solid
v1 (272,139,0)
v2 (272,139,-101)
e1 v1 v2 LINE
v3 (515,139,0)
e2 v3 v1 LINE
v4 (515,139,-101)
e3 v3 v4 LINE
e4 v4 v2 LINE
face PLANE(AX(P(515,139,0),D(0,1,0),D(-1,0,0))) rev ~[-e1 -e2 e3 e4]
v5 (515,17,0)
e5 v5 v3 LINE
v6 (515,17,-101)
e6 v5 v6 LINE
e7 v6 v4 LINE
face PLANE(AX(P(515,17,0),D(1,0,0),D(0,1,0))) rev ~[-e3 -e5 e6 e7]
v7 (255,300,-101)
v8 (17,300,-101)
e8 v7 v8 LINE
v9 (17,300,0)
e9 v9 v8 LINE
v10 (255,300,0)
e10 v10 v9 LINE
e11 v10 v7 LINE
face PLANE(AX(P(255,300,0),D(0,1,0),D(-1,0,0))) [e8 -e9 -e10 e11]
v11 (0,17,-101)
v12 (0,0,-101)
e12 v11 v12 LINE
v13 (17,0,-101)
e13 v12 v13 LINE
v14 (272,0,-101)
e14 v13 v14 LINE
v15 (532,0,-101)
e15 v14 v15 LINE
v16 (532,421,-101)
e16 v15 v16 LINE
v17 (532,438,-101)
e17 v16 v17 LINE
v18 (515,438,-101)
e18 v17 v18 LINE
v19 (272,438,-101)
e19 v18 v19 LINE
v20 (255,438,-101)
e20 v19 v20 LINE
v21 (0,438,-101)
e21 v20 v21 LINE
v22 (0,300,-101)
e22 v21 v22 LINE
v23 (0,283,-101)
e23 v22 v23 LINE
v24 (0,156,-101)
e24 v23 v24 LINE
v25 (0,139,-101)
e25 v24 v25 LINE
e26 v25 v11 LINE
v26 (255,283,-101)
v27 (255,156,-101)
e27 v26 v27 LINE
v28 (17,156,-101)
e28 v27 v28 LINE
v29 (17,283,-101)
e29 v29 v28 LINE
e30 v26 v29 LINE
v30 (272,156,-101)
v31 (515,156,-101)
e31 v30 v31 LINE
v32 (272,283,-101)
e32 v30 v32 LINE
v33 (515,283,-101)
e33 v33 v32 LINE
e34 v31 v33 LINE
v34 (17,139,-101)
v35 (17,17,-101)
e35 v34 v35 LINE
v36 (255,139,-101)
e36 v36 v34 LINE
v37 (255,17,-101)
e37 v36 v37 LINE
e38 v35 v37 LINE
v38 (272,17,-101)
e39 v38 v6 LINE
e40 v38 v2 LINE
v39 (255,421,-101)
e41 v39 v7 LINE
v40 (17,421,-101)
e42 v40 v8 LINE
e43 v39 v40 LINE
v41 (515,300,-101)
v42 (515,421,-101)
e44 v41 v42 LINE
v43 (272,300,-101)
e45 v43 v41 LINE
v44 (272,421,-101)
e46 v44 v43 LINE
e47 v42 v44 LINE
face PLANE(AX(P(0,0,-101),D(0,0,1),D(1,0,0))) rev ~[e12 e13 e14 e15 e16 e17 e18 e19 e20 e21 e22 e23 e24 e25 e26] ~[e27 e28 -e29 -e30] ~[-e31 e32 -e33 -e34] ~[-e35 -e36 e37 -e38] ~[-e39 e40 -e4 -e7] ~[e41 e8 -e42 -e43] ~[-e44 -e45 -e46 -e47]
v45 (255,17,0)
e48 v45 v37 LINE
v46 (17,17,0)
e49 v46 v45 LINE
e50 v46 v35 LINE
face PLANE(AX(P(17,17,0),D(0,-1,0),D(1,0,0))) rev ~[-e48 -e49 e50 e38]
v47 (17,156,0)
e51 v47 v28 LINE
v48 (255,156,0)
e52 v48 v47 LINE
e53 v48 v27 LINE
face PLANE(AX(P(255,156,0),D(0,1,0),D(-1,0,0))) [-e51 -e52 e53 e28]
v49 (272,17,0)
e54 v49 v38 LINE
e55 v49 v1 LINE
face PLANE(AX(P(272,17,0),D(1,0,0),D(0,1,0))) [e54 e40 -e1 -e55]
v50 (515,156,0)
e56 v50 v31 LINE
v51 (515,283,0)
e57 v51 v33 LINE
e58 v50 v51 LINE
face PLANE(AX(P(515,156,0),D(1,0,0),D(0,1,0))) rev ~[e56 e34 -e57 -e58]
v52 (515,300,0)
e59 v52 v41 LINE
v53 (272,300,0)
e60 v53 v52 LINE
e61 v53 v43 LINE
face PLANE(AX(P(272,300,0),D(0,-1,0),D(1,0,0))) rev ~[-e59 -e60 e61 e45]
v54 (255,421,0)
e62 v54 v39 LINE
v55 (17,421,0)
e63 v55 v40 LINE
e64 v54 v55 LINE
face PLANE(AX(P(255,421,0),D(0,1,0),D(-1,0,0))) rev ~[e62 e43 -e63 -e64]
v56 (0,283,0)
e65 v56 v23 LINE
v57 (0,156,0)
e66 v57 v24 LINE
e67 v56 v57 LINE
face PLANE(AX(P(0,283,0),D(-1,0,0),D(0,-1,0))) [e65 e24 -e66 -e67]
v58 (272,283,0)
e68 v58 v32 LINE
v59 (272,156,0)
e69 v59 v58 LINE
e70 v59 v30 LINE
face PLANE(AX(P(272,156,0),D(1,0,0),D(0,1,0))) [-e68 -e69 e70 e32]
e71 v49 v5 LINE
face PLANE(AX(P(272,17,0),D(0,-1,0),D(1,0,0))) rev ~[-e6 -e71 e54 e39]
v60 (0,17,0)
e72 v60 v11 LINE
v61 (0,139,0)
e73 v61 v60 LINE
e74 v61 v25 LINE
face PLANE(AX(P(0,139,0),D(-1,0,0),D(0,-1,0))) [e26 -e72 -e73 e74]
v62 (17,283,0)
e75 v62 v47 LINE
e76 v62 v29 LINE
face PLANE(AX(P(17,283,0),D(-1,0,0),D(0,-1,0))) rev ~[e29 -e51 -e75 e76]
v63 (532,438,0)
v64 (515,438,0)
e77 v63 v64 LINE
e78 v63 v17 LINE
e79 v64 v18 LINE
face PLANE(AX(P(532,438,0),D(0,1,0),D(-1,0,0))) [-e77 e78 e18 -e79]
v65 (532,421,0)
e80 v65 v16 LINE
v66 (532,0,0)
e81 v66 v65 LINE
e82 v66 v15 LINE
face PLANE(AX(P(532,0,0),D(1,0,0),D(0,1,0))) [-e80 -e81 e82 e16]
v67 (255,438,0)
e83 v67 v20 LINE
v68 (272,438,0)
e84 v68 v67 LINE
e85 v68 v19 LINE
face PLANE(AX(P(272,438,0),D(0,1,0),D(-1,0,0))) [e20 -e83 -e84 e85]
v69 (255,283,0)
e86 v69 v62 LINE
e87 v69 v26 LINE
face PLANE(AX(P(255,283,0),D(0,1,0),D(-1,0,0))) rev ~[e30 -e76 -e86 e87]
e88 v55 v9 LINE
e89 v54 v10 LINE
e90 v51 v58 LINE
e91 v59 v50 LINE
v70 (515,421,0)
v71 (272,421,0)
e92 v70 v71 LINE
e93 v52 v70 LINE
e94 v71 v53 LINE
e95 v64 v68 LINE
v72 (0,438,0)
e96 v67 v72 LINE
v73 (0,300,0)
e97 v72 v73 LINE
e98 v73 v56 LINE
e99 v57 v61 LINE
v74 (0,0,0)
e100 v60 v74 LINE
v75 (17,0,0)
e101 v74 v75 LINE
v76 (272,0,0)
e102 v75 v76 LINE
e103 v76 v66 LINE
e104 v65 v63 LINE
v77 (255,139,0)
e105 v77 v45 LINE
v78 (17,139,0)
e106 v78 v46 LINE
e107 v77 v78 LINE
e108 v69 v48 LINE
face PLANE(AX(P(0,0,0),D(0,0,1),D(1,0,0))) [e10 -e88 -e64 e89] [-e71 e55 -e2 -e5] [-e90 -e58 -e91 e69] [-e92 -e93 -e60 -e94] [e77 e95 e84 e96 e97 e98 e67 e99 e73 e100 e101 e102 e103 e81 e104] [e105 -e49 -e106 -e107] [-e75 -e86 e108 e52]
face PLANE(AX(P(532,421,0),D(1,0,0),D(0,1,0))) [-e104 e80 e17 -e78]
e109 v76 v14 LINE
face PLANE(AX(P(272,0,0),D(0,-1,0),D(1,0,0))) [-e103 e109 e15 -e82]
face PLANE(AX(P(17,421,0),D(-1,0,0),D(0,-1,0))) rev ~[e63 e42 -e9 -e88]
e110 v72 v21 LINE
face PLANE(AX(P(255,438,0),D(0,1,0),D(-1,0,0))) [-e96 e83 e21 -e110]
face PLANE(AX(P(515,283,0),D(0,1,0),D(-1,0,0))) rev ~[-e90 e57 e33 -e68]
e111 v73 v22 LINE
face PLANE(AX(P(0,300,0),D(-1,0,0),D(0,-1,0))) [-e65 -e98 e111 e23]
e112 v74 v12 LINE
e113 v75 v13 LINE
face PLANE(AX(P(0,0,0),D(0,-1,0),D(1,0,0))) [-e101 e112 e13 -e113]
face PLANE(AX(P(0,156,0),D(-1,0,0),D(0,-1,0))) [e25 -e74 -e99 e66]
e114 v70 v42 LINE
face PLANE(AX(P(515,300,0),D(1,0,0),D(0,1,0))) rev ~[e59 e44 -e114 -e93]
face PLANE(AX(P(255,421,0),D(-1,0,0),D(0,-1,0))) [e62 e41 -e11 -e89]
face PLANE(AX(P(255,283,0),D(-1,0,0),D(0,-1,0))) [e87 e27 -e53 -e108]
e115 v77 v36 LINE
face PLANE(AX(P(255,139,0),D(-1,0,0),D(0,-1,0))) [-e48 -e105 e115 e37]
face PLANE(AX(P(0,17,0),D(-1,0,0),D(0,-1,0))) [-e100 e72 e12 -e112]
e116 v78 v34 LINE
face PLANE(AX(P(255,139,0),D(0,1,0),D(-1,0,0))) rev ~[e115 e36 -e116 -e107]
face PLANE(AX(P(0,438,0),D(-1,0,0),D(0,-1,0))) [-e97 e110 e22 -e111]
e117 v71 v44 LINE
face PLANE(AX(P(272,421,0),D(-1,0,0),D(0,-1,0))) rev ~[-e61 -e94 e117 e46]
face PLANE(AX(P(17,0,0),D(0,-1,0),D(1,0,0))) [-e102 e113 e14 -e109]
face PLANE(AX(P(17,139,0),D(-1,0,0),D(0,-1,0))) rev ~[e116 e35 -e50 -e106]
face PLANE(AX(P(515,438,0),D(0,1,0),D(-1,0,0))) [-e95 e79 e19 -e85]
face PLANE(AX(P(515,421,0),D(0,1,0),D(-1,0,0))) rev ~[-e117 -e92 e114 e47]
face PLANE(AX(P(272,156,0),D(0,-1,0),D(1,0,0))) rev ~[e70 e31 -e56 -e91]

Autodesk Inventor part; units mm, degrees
ref_plane "YZ Plane" through (0, 0, 0) normal (1, 0, 0) x (0, 1, 0)
ref_plane "XZ Plane" through (0, 0, 0) normal (0, 1, 0) x (-1, 0, 0)
ref_plane "XY Plane" through (0, 0, 0) normal (0, 0, 1) x (1, 0, 0)
sketch "Sketch1" plane through (0, 0, 0) normal (0, 0, 1) x (1, 0, 0)
  line L0 (0, 0) -> (532, 0)
  line L1 (532, 0) -> (532, 438)
  line L2 (532, 438) -> (0, 438)
  line L3 (0, 438) -> (0, 0)
  line L4 (0, 0) -> (17, 0)
  line L5 (0, 17) -> (0, 0)
  line L6 (532, 438) -> (515, 438)
  line L7 (532, 421) -> (532, 438)
  line L8 (0, 438) -> (272, 438)
  line L9 (272, 421) -> (272, 300)
  line L10 (255, 283) -> (17, 283)
  line L11 (0, 283) -> (0, 438)
  line L12 (17, 283) -> (255, 283)
  line L13 (255, 300) -> (17, 300)
  line L14 (0, 300) -> (0, 283)
  line L15 (272, 438) -> (255, 438)
  line L16 (0, 0) -> (272, 0)
  line L17 (272, 17) -> (272, 139)
  line L18 (255, 156) -> (17, 156)
  line L19 (0, 156) -> (0, 0)
  line L20 (0, 139) -> (0, 156)
  line L21 (272, 300) -> (515, 300)
  line L22 (515, 283) -> (272, 283)
  line L23 (515, 421) -> (272, 421)
  line L24 (255, 421) -> (17, 421)
  line L25 (17, 421) -> (17, 300)
  line L26 (255, 421) -> (255, 300)
  line L27 (255, 283) -> (255, 156)
  line L28 (255, 139) -> (255, 17)
  line L29 (17, 283) -> (17, 156)
  line L30 (17, 139) -> (17, 17)
  line L31 (272, 300) -> (272, 421)
  line L32 (272, 17) -> (272, 139)
  line L33 (272, 156) -> (272, 283)
  line L34 (17, 156) -> (255, 156)
  line L35 (272, 156) -> (515, 156)
  line L36 (515, 139) -> (272, 139)
  line L37 (255, 139) -> (17, 139)
  line L38 (17, 17) -> (255, 17)
  line L39 (272, 17) -> (515, 17)
  line L40 (515, 300) -> (515, 421)
  line L41 (515, 17) -> (515, 139)
  line L42 (515, 156) -> (515, 283)
  point P0 (272, 78)
  point P1 (255, 78)
  point P2 (136, 139)
  point P3 (136, 156)
  dimension "Ancho" = 532
  dimension "Alto" = 438
  dimension "Grosor" = 17
  dimension "d14" = 17
  dimension "d15" = 17
  dimension "d16" = 122
  dimension "d17" = 238
  dimension "d18" = 243
  dimension "d19" = 17
  dimension "d20" = 122
  dimension "d21" = 17
  dimension "d22" = 127
  dimension "d23" = 17
  dimension "d24" = 17
  dimension "d25" = 127
  dimension "d26" = 121
  dimension "d27" = 17
  dimension "d28" = 17
  dimension "d29" = 17
  dimension "d30" = 238
  dimension "d31" = 243
  dimension "d32" = 17
  dimension "d33" = 121
  dimension "d34" = 17
  dimension "d35" = 238
  dimension "d36" = 243
  dimension "d37" = 17
extrude "Extrusion1" add sketch "Sketch1" against normal blind 101
equation "\"d14\" = Grosor"
equation "\"d15\" = Grosor"
equation "\"d19\" = Grosor"
equation "\"d21\" = Grosor"
equation "\"d23\" = Grosor"
equation "\"d24\" = Grosor"
equation "\"d27\" = Grosor"
equation "\"d28\" = Grosor"
equation "\"d29\" = Grosor"
equation "\"d32\" = Grosor"
equation "\"d34\" = Grosor"
equation "\"d37\" = Grosor"
properties part number "Repisa"
